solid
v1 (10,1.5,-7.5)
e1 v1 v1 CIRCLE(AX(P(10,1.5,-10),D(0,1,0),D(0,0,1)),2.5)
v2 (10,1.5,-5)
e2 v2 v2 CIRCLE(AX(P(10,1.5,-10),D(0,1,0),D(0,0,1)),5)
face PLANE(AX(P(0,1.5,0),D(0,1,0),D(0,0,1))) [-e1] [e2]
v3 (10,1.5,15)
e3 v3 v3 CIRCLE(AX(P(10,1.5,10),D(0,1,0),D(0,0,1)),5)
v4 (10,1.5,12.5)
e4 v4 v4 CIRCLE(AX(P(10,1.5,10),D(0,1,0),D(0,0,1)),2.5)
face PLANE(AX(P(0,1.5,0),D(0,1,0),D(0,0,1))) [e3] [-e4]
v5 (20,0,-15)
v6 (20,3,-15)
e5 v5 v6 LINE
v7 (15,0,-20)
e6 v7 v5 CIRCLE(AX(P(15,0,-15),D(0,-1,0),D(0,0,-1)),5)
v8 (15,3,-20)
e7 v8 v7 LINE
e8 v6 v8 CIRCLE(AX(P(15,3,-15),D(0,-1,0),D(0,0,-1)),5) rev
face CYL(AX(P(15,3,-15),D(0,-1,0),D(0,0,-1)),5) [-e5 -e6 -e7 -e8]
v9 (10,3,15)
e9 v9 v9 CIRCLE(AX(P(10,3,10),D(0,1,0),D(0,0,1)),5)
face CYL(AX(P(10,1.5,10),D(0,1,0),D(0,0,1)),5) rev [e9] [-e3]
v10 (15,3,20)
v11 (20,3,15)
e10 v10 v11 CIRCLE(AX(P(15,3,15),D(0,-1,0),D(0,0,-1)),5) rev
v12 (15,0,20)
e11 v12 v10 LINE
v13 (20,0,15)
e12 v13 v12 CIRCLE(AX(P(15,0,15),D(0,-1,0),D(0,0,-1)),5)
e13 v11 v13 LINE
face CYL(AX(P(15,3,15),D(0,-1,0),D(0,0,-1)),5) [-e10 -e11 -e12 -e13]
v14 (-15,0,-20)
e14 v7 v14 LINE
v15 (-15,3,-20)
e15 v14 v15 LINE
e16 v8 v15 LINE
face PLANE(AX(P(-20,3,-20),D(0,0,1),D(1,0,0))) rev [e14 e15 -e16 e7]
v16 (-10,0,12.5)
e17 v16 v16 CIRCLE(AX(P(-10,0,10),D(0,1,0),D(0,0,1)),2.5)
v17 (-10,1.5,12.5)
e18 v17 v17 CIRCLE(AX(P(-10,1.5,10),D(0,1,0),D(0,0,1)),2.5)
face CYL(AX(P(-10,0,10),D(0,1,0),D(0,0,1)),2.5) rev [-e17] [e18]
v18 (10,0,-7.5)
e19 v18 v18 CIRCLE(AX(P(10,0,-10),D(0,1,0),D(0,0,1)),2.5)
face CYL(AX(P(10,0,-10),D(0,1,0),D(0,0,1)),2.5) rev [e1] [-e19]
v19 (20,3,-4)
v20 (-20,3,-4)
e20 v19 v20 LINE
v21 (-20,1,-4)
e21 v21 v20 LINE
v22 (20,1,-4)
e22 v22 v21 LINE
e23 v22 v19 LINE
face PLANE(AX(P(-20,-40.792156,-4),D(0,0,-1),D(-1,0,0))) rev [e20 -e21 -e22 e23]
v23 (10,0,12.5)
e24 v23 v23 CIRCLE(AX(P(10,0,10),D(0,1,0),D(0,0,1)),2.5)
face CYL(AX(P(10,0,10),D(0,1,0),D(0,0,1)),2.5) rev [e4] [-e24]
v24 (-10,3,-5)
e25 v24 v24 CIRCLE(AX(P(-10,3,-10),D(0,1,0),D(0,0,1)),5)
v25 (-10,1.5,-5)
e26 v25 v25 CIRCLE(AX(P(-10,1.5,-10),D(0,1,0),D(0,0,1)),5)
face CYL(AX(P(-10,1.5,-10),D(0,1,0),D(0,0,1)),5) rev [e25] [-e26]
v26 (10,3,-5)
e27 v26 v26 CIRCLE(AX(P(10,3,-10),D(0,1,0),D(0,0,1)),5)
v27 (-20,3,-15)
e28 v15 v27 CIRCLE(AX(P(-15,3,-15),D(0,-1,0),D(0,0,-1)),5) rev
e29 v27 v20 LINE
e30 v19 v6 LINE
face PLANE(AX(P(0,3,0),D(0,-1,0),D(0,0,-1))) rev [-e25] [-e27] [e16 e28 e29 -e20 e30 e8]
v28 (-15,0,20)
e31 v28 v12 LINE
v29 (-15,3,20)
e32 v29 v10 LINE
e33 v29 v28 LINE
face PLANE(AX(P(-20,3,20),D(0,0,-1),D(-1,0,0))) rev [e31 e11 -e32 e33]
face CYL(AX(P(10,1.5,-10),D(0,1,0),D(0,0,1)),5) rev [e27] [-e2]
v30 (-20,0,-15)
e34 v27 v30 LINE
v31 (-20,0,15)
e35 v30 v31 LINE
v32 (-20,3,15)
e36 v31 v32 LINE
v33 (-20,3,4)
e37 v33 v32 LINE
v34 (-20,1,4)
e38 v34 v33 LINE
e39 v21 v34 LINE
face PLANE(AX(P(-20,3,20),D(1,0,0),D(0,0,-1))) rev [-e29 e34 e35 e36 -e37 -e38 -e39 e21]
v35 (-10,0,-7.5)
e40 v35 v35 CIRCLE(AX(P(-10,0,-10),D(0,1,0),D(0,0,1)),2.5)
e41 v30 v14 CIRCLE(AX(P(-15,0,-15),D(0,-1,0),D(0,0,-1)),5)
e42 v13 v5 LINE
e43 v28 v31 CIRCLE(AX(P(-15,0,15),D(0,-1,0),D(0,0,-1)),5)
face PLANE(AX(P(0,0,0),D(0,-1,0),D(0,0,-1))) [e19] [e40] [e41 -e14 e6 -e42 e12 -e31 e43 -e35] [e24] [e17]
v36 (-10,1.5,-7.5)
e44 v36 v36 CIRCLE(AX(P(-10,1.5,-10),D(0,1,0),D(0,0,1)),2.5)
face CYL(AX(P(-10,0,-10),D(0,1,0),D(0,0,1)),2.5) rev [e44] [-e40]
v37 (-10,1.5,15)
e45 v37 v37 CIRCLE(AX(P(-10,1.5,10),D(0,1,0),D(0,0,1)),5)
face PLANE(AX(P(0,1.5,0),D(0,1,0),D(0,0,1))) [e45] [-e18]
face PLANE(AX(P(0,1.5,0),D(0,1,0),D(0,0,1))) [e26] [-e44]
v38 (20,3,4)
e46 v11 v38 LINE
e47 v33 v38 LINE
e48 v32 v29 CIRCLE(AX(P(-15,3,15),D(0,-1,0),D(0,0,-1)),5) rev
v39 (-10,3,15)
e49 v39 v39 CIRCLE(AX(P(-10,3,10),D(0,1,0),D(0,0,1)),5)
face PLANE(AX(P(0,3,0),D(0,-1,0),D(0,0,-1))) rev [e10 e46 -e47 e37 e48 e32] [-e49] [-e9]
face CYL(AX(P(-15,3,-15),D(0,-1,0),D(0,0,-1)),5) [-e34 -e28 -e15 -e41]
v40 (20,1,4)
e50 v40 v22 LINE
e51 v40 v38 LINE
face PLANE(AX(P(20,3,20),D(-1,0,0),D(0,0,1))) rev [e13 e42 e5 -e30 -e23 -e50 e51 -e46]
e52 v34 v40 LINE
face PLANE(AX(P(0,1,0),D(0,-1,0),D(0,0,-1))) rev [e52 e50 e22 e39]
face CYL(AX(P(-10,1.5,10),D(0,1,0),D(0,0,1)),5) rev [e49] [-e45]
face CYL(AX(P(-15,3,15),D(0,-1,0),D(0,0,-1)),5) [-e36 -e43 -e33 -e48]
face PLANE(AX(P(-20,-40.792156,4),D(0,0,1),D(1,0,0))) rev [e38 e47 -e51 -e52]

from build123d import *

# Parameters (mm, degrees)
SKETCH1_W           = 40
SKETCH1_H           = 40
BOSS_EXTRUDE1_DEPTH = 3
CUT_EXTRUDE1_DEPTH  = 1.5
SKETCH3_R           = 2.5
CUT_EXTRUDE2_DEPTH  = 2.5
FILLET1_R           = 5
SKETCH4_W           = 40
SKETCH4_H           = 8
CUT_EXTRUDE3_DEPTH  = 2


with BuildPart() as part:
    # Sketch1 → Boss-Extrude1 (new body)
    with BuildSketch(Plane(origin=(0, 0, 0), x_dir=(1, 0, 0), z_dir=(0, 1, 0))):
        Rectangle(SKETCH1_W, SKETCH1_H)
    extrude(amount=BOSS_EXTRUDE1_DEPTH)

    # Sketch2 → Cut-Extrude1 (cut)
    with BuildSketch(Plane(origin=(0, 3, 0), x_dir=(1, 0, 0), z_dir=(0, 1, 0))):
        with BuildLine():
            ThreePointArc((-5, 10), (-13.535533906, 13.535533906), (-10, 5))
            Line((-10, 5), (-10, 10))
            Line((-10, 10), (-5, 10))
        make_face()
        with BuildLine():
            Line((-10, 10), (-10, 5))
            ThreePointArc((-10, 5), (-6.464466094, 6.464466094), (-5, 10))
            Line((-5, 10), (-10, 10))
        make_face()
        with BuildLine():
            ThreePointArc((5, 10), (6.464466094, 6.464466094), (10, 5))
            Line((10, 5), (10, 10))
            Line((10, 10), (5, 10))
        make_face()
        with BuildLine():
            Line((10, 10), (10, 5))
            ThreePointArc((10, 5), (13.535533906, 6.464466094), (15, 10))
            ThreePointArc((15, 10), (10, 15), (5, 10))
            Line((5, 10), (10, 10))
        make_face()
        with BuildLine():
            Line((-10, -5), (-10, -10))
            Line((-10, -10), (-5, -10))
            ThreePointArc((-5, -10), (-6.464466094, -6.464466094), (-10, -5))
        make_face()
        with BuildLine():
            Line((-5, -10), (-10, -10))
            Line((-10, -10), (-10, -5))
            ThreePointArc((-10, -5), (-13.535533906, -13.535533906), (-5, -10))
        make_face()
        with BuildLine():
            ThreePointArc((10, -5), (6.464466094, -6.464466094), (5, -10))
            Line((5, -10), (10, -10))
            Line((10, -10), (10, -5))
        make_face()
        with BuildLine():
            Line((10, -10), (5, -10))
            ThreePointArc((5, -10), (10, -15), (15, -10))
            ThreePointArc((15, -10), (13.535533906, -6.464466094), (10, -5))
            Line((10, -5), (10, -10))
        make_face()
    extrude(amount=-CUT_EXTRUDE1_DEPTH, mode=Mode.SUBTRACT)

    # Sketch3 → Cut-Extrude2 (cut, through all)
    with BuildSketch(Plane(origin=(0, 1.5, 0), x_dir=(1, 0, 0), z_dir=(0, 1, 0))):
        with Locations((-10, 10)):
            Circle(SKETCH3_R)
        with Locations((10, 10)):
            Circle(SKETCH3_R)
        with Locations((-10, -10)):
            Circle(SKETCH3_R)
        with Locations((10, -10)):
            Circle(SKETCH3_R)
    extrude(amount=-CUT_EXTRUDE2_DEPTH, mode=Mode.SUBTRACT)

    # Fillet1
    fillet1_edges = [part.edges().sort_by_distance(p)[0] for p in [
        (20, 1.5, 20),
        (-20, 1.5, 20),
        (-20, 1.5, -20),
        (20, 1.5, -20),
    ]]
    fillet(fillet1_edges, radius=FILLET1_R)

    # Sketch4 → Cut-Extrude3 (cut)
    with BuildSketch(Plane(origin=(0, 3, 0), x_dir=(1, 0, 0), z_dir=(0, 1, 0))):
        Rectangle(SKETCH4_W, SKETCH4_H)
    extrude(amount=-CUT_EXTRUDE3_DEPTH, mode=Mode.SUBTRACT)


solid = part.part
